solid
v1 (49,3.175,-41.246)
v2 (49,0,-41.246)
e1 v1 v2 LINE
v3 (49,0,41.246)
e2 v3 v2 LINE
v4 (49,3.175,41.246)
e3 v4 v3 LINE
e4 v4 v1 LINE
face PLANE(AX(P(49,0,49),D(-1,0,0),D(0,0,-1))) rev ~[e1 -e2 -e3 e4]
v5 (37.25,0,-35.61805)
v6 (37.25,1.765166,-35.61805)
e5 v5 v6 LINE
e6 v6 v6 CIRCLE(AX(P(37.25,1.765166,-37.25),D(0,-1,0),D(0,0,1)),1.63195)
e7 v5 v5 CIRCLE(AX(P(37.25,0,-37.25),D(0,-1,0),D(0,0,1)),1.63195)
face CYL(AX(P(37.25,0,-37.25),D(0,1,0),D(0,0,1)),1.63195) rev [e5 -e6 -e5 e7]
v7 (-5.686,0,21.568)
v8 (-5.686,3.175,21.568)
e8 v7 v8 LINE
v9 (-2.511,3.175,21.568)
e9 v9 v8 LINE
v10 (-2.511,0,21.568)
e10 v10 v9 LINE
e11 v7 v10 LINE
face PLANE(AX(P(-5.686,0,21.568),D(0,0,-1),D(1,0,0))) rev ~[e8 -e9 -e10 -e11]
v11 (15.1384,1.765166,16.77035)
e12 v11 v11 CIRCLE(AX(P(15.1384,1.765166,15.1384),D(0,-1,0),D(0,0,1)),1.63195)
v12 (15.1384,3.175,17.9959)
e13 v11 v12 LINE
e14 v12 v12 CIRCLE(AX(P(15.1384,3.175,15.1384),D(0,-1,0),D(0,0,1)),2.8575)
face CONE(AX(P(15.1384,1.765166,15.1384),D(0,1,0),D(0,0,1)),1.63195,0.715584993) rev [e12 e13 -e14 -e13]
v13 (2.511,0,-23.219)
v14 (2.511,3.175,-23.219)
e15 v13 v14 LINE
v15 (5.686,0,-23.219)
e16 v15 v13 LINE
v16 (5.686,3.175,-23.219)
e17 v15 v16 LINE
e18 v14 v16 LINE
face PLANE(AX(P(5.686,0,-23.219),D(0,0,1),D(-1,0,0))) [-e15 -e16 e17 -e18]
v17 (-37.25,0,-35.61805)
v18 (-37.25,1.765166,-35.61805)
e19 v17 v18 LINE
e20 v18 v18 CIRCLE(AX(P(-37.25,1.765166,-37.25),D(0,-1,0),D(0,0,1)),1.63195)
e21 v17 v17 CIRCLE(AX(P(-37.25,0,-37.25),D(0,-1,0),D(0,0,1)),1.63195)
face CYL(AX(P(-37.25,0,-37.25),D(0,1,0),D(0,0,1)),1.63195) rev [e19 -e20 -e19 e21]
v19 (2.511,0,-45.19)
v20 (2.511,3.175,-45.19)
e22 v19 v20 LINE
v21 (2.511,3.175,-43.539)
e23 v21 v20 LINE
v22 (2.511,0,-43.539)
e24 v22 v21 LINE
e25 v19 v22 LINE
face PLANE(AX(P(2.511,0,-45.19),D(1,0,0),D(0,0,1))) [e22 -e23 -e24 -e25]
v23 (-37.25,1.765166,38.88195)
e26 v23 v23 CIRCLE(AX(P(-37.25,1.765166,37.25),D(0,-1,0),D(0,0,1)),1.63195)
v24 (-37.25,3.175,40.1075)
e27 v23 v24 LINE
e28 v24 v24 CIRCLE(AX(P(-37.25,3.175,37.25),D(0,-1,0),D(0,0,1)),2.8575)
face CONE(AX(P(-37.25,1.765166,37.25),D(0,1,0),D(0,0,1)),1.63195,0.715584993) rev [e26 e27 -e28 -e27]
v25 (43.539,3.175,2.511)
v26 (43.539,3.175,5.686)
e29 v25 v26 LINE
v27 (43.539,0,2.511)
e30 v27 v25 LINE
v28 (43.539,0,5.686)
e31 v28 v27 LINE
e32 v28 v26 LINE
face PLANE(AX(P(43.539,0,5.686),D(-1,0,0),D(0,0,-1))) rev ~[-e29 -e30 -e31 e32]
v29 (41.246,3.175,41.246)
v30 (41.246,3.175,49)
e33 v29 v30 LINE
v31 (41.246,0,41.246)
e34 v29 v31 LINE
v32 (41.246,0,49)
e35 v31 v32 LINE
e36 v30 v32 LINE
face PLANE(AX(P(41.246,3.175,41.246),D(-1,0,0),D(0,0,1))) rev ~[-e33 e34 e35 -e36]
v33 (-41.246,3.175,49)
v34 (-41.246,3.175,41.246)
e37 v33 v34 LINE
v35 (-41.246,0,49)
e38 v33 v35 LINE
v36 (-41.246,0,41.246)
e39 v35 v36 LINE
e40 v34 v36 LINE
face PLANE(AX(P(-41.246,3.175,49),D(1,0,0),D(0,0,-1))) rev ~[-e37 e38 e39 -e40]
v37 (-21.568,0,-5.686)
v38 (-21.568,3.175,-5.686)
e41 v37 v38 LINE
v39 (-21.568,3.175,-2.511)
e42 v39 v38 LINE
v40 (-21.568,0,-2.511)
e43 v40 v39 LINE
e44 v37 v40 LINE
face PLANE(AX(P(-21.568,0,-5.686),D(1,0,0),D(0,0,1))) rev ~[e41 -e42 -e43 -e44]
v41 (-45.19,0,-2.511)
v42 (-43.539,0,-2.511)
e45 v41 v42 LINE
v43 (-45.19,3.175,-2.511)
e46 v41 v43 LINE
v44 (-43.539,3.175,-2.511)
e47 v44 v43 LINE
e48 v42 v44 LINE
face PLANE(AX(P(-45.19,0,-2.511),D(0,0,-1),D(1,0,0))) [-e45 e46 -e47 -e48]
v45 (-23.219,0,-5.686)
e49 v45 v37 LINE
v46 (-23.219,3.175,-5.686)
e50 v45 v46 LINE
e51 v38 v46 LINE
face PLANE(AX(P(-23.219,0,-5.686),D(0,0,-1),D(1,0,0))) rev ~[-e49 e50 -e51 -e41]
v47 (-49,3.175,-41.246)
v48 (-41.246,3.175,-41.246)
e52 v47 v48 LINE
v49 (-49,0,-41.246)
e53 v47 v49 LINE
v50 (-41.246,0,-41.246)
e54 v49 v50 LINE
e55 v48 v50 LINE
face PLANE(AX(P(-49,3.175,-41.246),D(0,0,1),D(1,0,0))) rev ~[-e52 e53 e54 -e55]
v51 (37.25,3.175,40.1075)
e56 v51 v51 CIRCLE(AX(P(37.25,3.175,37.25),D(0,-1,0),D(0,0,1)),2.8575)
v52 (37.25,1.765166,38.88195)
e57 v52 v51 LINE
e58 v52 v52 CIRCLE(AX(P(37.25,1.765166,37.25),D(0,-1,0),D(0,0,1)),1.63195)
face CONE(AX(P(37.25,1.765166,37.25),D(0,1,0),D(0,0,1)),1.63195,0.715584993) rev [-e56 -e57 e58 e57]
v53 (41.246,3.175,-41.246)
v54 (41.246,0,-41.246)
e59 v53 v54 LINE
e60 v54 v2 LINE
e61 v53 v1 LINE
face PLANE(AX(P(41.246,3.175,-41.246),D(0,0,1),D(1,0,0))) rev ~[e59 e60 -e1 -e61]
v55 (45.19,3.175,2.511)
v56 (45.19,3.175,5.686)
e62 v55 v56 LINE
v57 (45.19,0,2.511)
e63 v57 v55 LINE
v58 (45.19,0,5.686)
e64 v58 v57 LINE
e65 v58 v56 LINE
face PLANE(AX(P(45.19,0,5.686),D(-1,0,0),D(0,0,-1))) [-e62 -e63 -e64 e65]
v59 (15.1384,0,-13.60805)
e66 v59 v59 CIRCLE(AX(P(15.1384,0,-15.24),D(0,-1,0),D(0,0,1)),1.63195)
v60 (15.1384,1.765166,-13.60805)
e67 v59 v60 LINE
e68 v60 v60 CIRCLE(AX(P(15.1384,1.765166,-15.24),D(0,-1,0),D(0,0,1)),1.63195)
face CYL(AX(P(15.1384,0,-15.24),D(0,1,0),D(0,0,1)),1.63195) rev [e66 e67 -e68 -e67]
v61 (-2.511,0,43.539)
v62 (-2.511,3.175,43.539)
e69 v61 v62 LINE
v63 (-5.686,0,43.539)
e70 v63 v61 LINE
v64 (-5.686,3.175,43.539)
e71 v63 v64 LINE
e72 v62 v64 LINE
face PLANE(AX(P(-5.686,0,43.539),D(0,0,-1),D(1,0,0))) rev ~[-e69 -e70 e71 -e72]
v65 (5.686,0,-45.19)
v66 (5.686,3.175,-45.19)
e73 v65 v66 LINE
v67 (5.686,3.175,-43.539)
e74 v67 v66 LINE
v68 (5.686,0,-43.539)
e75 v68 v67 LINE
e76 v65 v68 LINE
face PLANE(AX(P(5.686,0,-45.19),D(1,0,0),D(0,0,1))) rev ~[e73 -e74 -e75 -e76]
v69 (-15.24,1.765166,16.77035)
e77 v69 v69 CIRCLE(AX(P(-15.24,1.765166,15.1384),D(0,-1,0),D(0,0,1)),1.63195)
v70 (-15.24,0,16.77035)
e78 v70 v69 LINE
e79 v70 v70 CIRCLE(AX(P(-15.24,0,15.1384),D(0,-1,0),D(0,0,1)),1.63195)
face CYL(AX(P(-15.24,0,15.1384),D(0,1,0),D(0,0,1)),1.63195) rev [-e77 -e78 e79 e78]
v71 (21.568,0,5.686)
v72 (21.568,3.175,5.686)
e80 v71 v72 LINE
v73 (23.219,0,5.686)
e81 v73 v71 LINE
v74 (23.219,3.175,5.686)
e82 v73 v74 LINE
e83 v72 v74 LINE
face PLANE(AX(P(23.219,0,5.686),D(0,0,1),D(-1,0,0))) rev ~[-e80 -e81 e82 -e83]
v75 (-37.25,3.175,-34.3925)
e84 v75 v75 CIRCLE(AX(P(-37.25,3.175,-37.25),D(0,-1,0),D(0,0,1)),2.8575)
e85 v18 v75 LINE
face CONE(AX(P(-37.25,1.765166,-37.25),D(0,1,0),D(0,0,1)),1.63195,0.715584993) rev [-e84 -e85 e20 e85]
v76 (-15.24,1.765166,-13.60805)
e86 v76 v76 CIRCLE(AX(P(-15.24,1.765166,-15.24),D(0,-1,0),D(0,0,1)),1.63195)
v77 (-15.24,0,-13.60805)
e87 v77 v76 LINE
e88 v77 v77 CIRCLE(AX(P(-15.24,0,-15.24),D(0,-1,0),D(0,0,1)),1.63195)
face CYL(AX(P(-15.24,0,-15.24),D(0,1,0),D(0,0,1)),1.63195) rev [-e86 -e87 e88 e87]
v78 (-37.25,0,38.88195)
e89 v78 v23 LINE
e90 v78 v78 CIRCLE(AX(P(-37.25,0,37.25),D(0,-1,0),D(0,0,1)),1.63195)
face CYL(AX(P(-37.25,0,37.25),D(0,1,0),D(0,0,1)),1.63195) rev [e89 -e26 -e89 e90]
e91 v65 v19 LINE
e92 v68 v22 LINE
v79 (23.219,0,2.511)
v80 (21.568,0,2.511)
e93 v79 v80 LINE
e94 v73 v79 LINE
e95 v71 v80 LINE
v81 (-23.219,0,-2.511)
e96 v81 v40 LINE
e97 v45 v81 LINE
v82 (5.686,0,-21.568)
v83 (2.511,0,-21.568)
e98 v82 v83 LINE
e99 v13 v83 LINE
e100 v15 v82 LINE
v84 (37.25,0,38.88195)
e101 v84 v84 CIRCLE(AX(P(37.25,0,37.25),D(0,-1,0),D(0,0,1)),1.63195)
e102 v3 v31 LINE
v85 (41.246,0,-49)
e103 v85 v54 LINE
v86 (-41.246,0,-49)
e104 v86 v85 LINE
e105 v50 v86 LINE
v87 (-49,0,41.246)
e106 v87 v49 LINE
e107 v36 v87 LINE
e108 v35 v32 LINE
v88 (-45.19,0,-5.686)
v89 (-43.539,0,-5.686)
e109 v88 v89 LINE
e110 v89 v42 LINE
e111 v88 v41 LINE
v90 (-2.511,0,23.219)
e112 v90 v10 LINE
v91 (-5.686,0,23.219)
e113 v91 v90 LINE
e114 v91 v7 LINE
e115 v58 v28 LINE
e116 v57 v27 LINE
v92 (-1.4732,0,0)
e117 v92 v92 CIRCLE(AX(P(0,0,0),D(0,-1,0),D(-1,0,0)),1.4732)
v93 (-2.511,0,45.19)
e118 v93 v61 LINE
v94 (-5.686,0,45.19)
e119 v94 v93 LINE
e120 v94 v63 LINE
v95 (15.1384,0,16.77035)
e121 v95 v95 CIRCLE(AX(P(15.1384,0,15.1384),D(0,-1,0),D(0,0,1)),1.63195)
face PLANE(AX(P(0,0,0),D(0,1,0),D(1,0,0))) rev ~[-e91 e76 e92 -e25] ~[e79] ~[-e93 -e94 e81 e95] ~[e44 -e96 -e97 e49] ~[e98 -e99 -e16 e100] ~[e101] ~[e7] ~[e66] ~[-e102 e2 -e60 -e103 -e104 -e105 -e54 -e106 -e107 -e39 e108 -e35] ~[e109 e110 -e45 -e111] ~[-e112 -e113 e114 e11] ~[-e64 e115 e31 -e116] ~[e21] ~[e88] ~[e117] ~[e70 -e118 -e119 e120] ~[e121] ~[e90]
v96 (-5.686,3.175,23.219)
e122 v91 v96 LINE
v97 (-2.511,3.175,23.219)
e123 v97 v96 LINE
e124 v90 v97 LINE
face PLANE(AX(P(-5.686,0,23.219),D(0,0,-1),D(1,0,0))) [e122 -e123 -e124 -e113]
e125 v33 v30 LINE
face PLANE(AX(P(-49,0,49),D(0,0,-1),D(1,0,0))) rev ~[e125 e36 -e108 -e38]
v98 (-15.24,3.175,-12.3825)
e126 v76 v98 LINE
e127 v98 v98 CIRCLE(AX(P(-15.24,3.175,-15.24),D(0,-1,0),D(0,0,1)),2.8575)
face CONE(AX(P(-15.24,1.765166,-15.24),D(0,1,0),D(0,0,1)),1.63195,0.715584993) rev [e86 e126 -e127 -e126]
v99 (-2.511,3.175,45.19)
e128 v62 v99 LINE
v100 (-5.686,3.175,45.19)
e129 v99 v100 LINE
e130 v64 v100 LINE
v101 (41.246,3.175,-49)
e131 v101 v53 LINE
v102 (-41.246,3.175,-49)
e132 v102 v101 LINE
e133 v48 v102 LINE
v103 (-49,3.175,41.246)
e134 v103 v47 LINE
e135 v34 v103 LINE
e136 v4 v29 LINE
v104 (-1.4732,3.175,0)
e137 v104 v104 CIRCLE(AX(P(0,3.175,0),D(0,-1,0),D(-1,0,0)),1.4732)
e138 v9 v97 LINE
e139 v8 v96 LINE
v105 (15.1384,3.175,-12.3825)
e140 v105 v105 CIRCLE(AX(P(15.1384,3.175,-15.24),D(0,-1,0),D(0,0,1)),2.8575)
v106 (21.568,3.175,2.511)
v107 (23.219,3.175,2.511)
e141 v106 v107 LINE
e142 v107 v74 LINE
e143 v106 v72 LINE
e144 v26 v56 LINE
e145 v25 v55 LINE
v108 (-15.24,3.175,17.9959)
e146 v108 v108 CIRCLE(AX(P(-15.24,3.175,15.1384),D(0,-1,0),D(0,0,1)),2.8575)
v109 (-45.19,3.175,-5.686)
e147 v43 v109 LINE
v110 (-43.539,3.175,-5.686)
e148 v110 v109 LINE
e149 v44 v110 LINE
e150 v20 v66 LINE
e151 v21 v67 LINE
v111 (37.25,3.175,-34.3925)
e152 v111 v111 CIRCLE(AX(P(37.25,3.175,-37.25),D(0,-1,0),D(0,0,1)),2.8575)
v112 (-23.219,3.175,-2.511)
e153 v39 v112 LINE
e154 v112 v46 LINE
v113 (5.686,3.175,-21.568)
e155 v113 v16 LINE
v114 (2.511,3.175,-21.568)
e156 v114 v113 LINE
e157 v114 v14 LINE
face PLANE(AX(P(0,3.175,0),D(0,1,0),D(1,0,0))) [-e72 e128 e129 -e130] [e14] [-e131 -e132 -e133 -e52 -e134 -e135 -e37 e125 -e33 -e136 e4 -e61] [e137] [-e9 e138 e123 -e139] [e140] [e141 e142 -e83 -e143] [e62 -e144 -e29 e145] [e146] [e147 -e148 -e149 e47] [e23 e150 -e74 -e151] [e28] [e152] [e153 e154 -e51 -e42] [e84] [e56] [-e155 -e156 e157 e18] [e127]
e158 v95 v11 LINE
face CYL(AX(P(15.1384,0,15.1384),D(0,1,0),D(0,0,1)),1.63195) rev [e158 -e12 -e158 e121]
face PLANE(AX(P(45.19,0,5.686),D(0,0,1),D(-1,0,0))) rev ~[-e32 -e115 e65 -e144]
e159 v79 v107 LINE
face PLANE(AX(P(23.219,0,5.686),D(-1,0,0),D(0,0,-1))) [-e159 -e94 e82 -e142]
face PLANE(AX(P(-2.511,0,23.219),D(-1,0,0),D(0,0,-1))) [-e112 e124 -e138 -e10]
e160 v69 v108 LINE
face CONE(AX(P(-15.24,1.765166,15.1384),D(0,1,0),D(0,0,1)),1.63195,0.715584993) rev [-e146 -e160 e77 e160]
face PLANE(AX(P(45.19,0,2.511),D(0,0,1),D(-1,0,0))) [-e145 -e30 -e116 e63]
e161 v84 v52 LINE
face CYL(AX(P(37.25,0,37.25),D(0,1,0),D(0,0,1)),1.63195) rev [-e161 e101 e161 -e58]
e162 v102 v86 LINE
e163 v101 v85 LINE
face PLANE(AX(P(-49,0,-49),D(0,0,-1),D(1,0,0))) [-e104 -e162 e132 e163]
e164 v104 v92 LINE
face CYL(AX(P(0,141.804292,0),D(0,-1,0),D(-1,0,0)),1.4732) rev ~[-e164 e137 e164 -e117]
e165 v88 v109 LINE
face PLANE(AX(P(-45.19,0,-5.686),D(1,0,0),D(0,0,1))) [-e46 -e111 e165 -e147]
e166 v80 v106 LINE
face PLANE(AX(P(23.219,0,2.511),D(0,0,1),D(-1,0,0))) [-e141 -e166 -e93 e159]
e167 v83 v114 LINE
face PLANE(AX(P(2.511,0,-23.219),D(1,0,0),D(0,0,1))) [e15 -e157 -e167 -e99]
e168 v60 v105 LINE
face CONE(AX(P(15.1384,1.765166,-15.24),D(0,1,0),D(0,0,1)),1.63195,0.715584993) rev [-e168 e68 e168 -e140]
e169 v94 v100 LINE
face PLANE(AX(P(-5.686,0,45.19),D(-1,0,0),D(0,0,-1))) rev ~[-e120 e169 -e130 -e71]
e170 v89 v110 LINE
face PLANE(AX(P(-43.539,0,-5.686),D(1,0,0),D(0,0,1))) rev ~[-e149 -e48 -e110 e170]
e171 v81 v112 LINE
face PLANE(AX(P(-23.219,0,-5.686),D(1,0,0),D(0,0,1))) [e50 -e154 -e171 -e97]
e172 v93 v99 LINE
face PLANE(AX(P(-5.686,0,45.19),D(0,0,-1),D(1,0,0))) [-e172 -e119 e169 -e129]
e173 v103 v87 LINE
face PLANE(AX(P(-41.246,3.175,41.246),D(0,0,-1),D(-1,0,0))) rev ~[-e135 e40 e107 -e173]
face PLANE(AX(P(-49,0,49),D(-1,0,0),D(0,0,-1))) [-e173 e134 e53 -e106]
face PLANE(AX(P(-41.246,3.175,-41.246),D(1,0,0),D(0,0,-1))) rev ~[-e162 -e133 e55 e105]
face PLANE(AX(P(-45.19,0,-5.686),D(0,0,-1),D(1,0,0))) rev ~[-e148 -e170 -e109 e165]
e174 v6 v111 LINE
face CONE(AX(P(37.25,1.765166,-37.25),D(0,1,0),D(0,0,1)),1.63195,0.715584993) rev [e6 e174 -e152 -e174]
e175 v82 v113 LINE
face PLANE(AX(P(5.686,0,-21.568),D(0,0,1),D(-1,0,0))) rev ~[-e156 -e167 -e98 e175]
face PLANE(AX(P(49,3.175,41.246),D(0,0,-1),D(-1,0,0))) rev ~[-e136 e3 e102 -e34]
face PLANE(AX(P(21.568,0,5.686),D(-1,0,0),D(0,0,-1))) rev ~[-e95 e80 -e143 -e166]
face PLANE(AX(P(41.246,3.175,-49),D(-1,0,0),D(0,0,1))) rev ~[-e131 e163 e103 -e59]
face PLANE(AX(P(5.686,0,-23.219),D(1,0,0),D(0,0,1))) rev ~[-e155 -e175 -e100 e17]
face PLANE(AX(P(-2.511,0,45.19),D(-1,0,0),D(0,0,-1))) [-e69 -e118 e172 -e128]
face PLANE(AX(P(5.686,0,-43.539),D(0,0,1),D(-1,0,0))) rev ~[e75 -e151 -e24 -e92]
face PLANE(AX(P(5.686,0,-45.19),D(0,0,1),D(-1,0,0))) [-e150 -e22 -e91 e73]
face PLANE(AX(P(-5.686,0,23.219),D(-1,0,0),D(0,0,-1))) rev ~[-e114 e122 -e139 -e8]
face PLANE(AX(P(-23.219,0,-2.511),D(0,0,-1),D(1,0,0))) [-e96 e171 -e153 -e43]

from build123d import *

# Parameters (mm, degrees)
SKETCH1_W                                     = 98
SKETCH1_H                                     = 98
BOSS_EXTRUDE1_DEPTH                           = 3.175
SKETCH2_W                                     = 7.5
SKETCH2_H                                     = 7.5
CUT_EXTRUDE1_DEPTH                            = 70.369161917
F_4_CLEARANCE_HOLE1_D                         = 2.9464
CSK_FOR_4_FLAT_HEAD_MACHINE_SCREW1_AT_2_COUNT = 2
CSK_FOR_4_FLAT_HEAD_MACHINE_SCREW1_AT_2_PITCH = 74.5
CSK_FOR_4_FLAT_HEAD_MACHINE_SCREW1_AT_3_COUNT = 2
CSK_FOR_4_FLAT_HEAD_MACHINE_SCREW1_AT_3_PITCH = 105.358910397
CSK_FOR_4_FLAT_HEAD_MACHINE_SCREW1_AT_4_COUNT = 2
CSK_FOR_4_FLAT_HEAD_MACHINE_SCREW1_AT_4_PITCH = 74.5
CSK_FOR_4_FLAT_HEAD_MACHINE_SCREW2_AT_2_COUNT = 2
CSK_FOR_4_FLAT_HEAD_MACHINE_SCREW2_AT_2_PITCH = 30.3784
CSK_FOR_4_FLAT_HEAD_MACHINE_SCREW2_AT_3_COUNT = 2
CSK_FOR_4_FLAT_HEAD_MACHINE_SCREW2_AT_3_PITCH = 42.961545283
CSK_FOR_4_FLAT_HEAD_MACHINE_SCREW2_AT_4_COUNT = 2
CSK_FOR_4_FLAT_HEAD_MACHINE_SCREW2_AT_4_PITCH = 30.3784
CUT_EXTRUDE2_DEPTH                            = 70.369161917
SKETCH16_W                                    = 1.651
SKETCH16_H                                    = 3.175
CUT_EXTRUDE3_DEPTH                            = 70.369161917
CIRPATTERN1_COUNT                             = 4


with BuildPart() as part:
    # Sketch1 → Boss-Extrude1 (new body)
    with BuildSketch(Plane(origin=(0, 0, 0), x_dir=(1, 0, 0), z_dir=(0, 1, 0))):
        Rectangle(SKETCH1_W, SKETCH1_H)
    extrude(amount=BOSS_EXTRUDE1_DEPTH)

    # Sketch2 → Cut-Extrude1 (cut, through all)
    with BuildSketch(Plane(origin=(0, 3.175, 0), x_dir=(1, 0, 0), z_dir=(0, 1, 0))):
        with Locations((45.25, 45.25)):
            Rectangle(SKETCH2_W, SKETCH2_H)
        with Locations((-45.25, 45.25)):
            Rectangle(SKETCH2_W, SKETCH2_H)
        with Locations((45.25, -45.25)):
            Rectangle(SKETCH2_W, SKETCH2_H)
        with Locations((-45.25, -45.25)):
            Rectangle(SKETCH2_W, SKETCH2_H)
    extrude(amount=-CUT_EXTRUDE1_DEPTH, mode=Mode.SUBTRACT)

    # #4 Clearance Hole1 (through all)
    with Locations(Plane(origin=(0, 3.175, 0), x_dir=(1, 0, 0), z_dir=(0, 1, 0))):
        with Locations((0, 0)):
            Hole(F_4_CLEARANCE_HOLE1_D / 2)

    # Sketch9 → CSK for #4 Flat Head Machine Screw1 (revolve, cut)
    with BuildSketch(Plane(origin=(37.25, 3.175, 37.25), x_dir=(0, 0, 1), z_dir=(1, 0, 0))):
        Polygon((0, 0), (0, 3.175), (1.63195, 3.175), (1.63195, 1.409834001), (2.8575, 0), align=None)
    csk_for_4_flat_head_machine_screw1 = revolve(axis=Axis((37.25, 9.525, 37.25), (0, -1, 0)), mode=Mode.SUBTRACT)

    # CSK for #4 Flat Head Machine Screw1 at 2: CSK for #4 Flat Head Machine Screw1 ×2
    with Locations(*[(-i * CSK_FOR_4_FLAT_HEAD_MACHINE_SCREW1_AT_2_PITCH, 0, 0) for i in range(1, CSK_FOR_4_FLAT_HEAD_MACHINE_SCREW1_AT_2_COUNT)]):
        add(csk_for_4_flat_head_machine_screw1, mode=Mode.SUBTRACT)

    # CSK for #4 Flat Head Machine Screw1 at 3: CSK for #4 Flat Head Machine Screw1 ×2
    with Locations(*[Vector(-0.7071067811865502, 0, -0.7071067811865448) * (i * CSK_FOR_4_FLAT_HEAD_MACHINE_SCREW1_AT_3_PITCH) for i in range(1, CSK_FOR_4_FLAT_HEAD_MACHINE_SCREW1_AT_3_COUNT)]):
        add(csk_for_4_flat_head_machine_screw1, mode=Mode.SUBTRACT)

    # CSK for #4 Flat Head Machine Screw1 at 4: CSK for #4 Flat Head Machine Screw1 ×2
    with Locations(*[(0, 0, -i * CSK_FOR_4_FLAT_HEAD_MACHINE_SCREW1_AT_4_PITCH) for i in range(1, CSK_FOR_4_FLAT_HEAD_MACHINE_SCREW1_AT_4_COUNT)]):
        add(csk_for_4_flat_head_machine_screw1, mode=Mode.SUBTRACT)

    # Sketch13 → CSK for #4 Flat Head Machine Screw2 (revolve, cut)
    with BuildSketch(Plane(origin=(15.1384, 3.175, -15.24), x_dir=(0, 0, 1), z_dir=(1, 0, 0))):
        Polygon((0, 0), (0, 3.175), (1.63195, 3.175), (1.63195, 1.409834001), (2.8575, 0), align=None)
    csk_for_4_flat_head_machine_screw2 = revolve(axis=Axis((15.1384, 9.525, -15.24), (0, -1, 0)), mode=Mode.SUBTRACT)

    # CSK for #4 Flat Head Machine Screw2 at 2: CSK for #4 Flat Head Machine Screw2 ×2
    with Locations(*[(-i * CSK_FOR_4_FLAT_HEAD_MACHINE_SCREW2_AT_2_PITCH, 0, 0) for i in range(1, CSK_FOR_4_FLAT_HEAD_MACHINE_SCREW2_AT_2_COUNT)]):
        add(csk_for_4_flat_head_machine_screw2, mode=Mode.SUBTRACT)

    # CSK for #4 Flat Head Machine Screw2 at 3: CSK for #4 Flat Head Machine Screw2 ×2
    with Locations(*[Vector(-0.7071067811865475, 0, 0.7071067811865477) * (i * CSK_FOR_4_FLAT_HEAD_MACHINE_SCREW2_AT_3_PITCH) for i in range(1, CSK_FOR_4_FLAT_HEAD_MACHINE_SCREW2_AT_3_COUNT)]):
        add(csk_for_4_flat_head_machine_screw2, mode=Mode.SUBTRACT)

    # CSK for #4 Flat Head Machine Screw2 at 4: CSK for #4 Flat Head Machine Screw2 ×2
    with Locations(*[(0, 0, i * CSK_FOR_4_FLAT_HEAD_MACHINE_SCREW2_AT_4_PITCH) for i in range(1, CSK_FOR_4_FLAT_HEAD_MACHINE_SCREW2_AT_4_COUNT)]):
        add(csk_for_4_flat_head_machine_screw2, mode=Mode.SUBTRACT)

    # Sketch15 → Cut-Extrude2 (cut, through all)
    with BuildSketch(Plane(origin=(0, 3.175, 0), x_dir=(1, 0, 0), z_dir=(0, 1, 0))):
        Polygon((-48.746, -41.246), (-41.246, -41.246), (-41.246, -48.746), (-41.246, -49), (-41.5, -49), (-41.5, -41.5), (-49, -41.5), (-49, -41.246), align=None)
        Polygon((49, 41.246), (49, 41.5), (41.5, 41.5), (41.5, 49), (41.246, 49), (41.246, 48.746), (41.246, 41.246), (48.746, 41.246), align=None)
        Polygon((41.246, -48.746), (41.246, -41.246), (48.746, -41.246), (49, -41.246), (49, -41.5), (41.5, -41.5), (41.5, -49), (41.246, -49), align=None)
        Polygon((-41.246, 48.746), (-41.246, 41.246), (-48.746, 41.246), (-49, 41.246), (-49, 41.5), (-41.5, 41.5), (-41.5, 49), (-41.246, 49), align=None)
    extrude(amount=-CUT_EXTRUDE2_DEPTH, mode=Mode.SUBTRACT)

    # Sketch16 → Cut-Extrude3 (cut, through all)
    with BuildSketch(Plane.XZ):
        with Locations((-44.3645, -4.0985)):
            Rectangle(SKETCH16_W, SKETCH16_H)
        with Locations((-22.3935, -4.0985)):
            Rectangle(SKETCH16_W, SKETCH16_H)
    cut_extrude3 = extrude(amount=-CUT_EXTRUDE3_DEPTH, mode=Mode.SUBTRACT)

    # CirPattern1: Cut-Extrude3 ×4 about axis
    cirpattern1_axis = Axis((0, 0, 0), (0, 1, 0))
    for i in range(1, CIRPATTERN1_COUNT):
        add(cut_extrude3.rotate(cirpattern1_axis, i * 360 / CIRPATTERN1_COUNT), mode=Mode.SUBTRACT)


solid = part.part
